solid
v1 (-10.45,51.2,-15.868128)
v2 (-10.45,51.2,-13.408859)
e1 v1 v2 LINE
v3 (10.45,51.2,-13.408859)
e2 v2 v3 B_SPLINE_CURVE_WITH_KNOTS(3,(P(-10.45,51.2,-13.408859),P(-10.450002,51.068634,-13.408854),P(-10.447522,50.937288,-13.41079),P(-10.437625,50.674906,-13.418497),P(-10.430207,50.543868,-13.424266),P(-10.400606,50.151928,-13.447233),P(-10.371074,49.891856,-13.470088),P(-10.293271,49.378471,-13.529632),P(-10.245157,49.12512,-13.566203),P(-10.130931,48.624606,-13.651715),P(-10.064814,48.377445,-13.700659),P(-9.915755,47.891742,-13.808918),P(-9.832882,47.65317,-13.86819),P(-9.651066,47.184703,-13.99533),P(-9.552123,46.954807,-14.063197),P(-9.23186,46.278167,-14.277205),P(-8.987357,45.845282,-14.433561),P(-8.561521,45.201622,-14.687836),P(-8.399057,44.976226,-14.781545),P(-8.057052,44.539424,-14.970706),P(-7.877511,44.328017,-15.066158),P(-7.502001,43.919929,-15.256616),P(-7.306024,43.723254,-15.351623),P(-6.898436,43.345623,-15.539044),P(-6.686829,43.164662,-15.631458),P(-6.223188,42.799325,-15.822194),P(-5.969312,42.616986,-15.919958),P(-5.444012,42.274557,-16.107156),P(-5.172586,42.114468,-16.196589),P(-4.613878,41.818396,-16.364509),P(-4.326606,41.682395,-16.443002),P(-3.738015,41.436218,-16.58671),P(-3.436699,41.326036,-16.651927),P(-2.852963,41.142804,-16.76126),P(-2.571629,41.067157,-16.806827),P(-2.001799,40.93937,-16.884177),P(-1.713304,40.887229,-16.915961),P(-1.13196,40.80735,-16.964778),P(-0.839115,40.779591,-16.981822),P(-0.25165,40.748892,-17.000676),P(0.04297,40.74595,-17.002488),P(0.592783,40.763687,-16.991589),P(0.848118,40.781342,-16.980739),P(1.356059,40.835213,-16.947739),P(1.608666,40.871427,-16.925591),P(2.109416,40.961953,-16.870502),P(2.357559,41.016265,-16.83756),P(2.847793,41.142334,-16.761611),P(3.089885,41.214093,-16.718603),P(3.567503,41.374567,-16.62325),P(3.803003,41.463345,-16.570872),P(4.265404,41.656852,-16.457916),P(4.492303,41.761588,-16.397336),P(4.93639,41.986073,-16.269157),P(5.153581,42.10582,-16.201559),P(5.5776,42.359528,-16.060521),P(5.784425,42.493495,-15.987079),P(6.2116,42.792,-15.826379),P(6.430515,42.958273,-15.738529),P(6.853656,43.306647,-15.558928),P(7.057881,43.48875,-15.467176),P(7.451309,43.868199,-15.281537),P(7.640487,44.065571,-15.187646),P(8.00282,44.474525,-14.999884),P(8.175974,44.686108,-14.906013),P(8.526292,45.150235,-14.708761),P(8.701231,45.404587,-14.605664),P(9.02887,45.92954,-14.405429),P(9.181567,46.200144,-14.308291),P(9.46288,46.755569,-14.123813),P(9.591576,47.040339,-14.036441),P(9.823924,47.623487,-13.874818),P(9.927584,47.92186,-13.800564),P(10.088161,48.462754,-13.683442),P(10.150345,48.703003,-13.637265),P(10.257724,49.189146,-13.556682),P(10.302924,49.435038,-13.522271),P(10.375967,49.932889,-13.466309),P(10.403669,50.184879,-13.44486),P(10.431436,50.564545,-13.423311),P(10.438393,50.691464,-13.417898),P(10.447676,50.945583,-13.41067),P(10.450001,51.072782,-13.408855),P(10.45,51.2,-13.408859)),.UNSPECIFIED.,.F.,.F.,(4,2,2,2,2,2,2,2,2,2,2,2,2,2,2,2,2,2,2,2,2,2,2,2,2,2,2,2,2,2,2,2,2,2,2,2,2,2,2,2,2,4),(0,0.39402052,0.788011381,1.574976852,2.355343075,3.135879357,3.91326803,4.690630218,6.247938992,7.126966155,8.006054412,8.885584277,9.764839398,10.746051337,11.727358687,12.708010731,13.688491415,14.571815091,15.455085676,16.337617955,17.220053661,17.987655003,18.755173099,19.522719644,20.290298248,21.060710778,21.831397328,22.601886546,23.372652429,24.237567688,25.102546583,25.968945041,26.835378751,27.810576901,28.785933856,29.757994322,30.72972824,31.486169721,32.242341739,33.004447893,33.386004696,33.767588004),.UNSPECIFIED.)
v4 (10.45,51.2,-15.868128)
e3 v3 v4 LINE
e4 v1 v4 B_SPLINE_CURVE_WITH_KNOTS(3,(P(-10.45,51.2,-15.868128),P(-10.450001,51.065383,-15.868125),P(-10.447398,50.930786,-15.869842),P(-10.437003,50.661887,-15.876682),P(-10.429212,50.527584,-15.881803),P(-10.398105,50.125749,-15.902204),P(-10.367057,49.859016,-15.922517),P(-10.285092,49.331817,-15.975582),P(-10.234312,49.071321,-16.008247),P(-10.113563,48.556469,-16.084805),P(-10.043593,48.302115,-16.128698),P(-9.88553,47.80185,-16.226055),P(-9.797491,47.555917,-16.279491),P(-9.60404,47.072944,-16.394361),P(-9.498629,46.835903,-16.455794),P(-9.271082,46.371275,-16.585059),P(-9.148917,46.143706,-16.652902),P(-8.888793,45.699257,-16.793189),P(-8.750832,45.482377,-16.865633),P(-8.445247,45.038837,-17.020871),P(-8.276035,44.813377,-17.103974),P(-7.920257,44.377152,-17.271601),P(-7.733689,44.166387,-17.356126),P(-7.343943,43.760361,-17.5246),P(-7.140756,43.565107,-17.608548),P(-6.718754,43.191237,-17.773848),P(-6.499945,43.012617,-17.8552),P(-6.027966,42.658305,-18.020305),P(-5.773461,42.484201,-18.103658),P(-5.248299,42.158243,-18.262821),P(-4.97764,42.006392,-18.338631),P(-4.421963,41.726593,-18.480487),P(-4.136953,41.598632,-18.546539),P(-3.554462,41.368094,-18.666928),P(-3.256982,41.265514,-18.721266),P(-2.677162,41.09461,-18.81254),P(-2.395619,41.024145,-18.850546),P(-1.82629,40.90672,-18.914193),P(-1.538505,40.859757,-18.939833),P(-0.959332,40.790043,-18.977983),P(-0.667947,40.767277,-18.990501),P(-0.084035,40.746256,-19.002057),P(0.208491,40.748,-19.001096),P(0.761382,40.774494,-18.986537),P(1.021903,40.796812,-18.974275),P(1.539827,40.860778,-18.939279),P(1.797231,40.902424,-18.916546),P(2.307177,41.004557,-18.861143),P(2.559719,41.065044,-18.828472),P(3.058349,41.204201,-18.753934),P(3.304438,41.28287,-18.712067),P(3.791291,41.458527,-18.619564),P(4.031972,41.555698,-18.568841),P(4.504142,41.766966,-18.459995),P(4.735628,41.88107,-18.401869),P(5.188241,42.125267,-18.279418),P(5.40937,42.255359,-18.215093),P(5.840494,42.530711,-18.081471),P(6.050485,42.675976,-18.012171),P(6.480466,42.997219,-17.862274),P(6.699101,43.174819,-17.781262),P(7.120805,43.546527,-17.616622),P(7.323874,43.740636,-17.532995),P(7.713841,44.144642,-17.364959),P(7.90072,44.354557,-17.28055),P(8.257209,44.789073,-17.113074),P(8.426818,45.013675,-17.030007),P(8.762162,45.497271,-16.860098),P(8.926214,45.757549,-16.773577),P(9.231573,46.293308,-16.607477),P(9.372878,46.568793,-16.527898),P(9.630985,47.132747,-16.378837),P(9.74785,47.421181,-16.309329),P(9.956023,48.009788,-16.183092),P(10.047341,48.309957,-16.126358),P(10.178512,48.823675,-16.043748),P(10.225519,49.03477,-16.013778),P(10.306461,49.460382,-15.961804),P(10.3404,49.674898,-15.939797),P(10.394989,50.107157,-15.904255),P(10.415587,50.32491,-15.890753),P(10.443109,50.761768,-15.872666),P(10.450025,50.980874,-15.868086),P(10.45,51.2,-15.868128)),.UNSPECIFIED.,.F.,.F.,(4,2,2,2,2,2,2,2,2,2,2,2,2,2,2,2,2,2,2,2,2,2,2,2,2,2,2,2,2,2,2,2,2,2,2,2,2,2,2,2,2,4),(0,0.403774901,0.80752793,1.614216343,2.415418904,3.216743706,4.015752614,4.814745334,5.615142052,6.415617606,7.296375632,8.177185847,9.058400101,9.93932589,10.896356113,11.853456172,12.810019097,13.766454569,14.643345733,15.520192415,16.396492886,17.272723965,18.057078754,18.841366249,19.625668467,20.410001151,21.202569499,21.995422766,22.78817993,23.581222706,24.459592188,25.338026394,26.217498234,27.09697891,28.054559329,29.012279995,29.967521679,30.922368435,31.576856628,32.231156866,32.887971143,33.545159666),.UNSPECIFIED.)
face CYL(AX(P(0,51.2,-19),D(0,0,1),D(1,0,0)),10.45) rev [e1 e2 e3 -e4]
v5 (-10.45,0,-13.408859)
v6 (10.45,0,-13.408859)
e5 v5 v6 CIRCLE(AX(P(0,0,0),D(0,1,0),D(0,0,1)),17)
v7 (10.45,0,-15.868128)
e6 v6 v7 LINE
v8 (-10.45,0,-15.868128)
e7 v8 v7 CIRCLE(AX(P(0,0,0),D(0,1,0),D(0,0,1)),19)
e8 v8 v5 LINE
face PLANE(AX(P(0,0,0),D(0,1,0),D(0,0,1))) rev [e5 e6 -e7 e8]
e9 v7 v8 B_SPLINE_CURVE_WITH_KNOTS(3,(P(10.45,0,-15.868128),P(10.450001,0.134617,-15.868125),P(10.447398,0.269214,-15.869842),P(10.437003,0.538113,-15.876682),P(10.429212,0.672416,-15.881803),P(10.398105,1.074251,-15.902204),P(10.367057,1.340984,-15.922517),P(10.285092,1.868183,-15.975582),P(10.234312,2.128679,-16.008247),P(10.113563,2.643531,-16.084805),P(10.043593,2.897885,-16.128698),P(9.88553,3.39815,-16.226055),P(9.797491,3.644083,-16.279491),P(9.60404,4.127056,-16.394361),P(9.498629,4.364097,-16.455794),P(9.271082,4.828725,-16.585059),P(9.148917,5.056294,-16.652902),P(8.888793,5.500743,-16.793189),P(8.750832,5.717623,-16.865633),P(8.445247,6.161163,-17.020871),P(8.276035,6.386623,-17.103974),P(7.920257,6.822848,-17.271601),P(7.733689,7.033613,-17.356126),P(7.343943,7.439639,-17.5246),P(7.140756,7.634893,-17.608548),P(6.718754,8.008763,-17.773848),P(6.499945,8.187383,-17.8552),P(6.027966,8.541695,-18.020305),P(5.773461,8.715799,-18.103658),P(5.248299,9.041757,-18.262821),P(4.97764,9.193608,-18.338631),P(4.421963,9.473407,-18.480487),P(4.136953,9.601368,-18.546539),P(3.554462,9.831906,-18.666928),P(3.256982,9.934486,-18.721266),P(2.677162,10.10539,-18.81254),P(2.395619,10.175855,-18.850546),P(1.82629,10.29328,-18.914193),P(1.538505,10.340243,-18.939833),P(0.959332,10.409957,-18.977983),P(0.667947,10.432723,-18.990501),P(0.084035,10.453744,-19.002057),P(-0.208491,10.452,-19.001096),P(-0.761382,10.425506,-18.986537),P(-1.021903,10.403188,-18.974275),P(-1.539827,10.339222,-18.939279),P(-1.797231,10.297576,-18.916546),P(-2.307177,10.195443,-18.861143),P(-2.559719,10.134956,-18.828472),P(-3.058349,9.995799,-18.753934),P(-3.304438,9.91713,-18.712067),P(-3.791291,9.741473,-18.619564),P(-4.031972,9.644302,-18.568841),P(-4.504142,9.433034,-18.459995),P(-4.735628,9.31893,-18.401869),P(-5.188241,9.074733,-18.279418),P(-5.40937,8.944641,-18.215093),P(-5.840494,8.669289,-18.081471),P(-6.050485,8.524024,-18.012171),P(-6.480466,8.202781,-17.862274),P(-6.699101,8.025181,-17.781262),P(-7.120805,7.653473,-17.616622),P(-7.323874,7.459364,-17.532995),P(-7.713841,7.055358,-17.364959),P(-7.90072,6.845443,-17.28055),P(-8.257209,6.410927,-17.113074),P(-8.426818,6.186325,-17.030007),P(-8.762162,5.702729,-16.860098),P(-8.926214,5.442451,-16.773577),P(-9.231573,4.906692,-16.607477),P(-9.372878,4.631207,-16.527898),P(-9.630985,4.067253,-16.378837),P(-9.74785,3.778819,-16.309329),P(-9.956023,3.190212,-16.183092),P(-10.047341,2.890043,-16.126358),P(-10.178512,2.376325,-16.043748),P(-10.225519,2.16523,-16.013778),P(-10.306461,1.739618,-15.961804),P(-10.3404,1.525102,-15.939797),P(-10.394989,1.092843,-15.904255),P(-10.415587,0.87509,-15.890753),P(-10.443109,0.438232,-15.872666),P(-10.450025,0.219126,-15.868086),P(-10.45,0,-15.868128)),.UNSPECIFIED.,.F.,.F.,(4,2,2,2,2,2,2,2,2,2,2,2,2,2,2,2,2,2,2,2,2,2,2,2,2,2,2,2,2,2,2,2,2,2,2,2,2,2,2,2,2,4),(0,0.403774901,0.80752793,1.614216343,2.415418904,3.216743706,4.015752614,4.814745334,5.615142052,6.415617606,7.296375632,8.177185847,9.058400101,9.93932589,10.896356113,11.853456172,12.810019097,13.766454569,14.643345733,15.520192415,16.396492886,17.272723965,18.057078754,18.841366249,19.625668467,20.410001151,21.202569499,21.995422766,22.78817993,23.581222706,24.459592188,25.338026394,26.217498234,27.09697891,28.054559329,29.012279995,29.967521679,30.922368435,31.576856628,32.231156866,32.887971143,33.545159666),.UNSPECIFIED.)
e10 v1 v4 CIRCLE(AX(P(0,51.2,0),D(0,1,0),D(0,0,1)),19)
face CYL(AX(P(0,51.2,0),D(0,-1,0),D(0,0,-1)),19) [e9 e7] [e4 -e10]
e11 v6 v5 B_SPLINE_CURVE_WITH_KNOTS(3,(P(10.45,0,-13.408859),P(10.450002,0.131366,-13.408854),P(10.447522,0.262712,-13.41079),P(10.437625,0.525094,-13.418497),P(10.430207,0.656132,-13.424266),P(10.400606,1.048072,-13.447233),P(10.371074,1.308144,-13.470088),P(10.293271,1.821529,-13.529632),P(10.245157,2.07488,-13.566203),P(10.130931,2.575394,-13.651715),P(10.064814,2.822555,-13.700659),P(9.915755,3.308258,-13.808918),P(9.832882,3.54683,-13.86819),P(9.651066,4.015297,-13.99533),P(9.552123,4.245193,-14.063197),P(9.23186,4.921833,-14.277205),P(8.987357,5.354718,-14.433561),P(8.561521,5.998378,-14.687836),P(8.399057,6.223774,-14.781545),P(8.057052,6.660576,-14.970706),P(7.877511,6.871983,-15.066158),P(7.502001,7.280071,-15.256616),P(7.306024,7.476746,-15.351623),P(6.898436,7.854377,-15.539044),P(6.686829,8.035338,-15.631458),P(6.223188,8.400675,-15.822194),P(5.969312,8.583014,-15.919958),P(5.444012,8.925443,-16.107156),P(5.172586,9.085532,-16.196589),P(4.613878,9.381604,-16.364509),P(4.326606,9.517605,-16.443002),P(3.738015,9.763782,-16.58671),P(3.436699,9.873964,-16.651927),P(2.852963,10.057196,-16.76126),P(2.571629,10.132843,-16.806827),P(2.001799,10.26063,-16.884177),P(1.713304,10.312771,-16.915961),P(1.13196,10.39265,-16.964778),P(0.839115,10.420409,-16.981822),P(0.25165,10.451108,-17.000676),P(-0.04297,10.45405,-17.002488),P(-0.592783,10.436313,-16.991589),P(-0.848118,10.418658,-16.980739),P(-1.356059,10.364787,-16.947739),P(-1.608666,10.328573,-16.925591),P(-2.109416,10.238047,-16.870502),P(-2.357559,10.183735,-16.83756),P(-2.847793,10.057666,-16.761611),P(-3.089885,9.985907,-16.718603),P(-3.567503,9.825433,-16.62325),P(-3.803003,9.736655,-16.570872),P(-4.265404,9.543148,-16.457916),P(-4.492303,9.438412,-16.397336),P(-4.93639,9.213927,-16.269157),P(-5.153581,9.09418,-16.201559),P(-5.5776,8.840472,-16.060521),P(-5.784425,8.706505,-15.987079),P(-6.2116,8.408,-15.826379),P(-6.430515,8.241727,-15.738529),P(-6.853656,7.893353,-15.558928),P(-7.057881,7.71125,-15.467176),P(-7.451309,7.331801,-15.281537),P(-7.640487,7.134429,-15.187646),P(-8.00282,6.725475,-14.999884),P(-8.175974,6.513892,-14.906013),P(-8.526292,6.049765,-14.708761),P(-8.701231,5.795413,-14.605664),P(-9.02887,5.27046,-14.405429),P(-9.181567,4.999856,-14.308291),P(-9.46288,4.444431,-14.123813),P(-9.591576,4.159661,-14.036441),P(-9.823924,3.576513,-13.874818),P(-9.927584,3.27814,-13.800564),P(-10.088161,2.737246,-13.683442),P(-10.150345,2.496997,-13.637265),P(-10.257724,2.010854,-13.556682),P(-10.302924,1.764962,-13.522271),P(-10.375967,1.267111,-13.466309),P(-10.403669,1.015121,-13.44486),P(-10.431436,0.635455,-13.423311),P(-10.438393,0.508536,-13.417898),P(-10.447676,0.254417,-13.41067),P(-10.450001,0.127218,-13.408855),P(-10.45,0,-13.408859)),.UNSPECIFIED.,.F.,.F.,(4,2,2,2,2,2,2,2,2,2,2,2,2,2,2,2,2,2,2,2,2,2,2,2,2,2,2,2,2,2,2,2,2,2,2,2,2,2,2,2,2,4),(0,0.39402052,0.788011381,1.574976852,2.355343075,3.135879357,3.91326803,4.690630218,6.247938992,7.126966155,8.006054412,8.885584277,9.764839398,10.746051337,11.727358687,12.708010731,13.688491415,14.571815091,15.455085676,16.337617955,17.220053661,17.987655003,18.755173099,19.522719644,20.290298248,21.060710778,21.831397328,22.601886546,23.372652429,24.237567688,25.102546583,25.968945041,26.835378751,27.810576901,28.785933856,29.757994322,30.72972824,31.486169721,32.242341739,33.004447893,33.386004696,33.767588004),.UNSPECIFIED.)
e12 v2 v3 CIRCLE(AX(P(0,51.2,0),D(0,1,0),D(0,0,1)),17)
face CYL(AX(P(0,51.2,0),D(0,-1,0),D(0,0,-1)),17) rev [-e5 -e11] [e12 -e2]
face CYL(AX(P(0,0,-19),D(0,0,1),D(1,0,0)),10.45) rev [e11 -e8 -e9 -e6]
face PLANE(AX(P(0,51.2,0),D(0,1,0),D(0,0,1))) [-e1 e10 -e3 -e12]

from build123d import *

# Parameters (mm, degrees)
SKETCH1_R           = 19
SKETCH1_R_2         = 17
BOSS_EXTRUDE1_DEPTH = 51.2
SKETCH2_R           = 10.45
CUT_EXTRUDE1_DEPTH  = 58.822486975


with BuildPart() as part:
    # Sketch1 → Boss-Extrude1 (new body)
    with BuildSketch(Plane(origin=(0, 0, 0), x_dir=(1, 0, 0), z_dir=(0, 1, 0))):
        with Locations(Location((0, 0, 0), (0, 0, 270))):
            Circle(SKETCH1_R)
        with Locations(Location((0, 0, 0), (0, 0, 270))):
            Circle(SKETCH1_R_2, mode=Mode.SUBTRACT)
    extrude(amount=BOSS_EXTRUDE1_DEPTH)

    # Sketch2 → Cut-Extrude1 (cut, through all)
    with BuildSketch(Plane.XY):
        with Locations((0, 51.2)):
            Circle(SKETCH2_R)
        Circle(SKETCH2_R)
    extrude(amount=-CUT_EXTRUDE1_DEPTH, mode=Mode.SUBTRACT)


solid = part.part
